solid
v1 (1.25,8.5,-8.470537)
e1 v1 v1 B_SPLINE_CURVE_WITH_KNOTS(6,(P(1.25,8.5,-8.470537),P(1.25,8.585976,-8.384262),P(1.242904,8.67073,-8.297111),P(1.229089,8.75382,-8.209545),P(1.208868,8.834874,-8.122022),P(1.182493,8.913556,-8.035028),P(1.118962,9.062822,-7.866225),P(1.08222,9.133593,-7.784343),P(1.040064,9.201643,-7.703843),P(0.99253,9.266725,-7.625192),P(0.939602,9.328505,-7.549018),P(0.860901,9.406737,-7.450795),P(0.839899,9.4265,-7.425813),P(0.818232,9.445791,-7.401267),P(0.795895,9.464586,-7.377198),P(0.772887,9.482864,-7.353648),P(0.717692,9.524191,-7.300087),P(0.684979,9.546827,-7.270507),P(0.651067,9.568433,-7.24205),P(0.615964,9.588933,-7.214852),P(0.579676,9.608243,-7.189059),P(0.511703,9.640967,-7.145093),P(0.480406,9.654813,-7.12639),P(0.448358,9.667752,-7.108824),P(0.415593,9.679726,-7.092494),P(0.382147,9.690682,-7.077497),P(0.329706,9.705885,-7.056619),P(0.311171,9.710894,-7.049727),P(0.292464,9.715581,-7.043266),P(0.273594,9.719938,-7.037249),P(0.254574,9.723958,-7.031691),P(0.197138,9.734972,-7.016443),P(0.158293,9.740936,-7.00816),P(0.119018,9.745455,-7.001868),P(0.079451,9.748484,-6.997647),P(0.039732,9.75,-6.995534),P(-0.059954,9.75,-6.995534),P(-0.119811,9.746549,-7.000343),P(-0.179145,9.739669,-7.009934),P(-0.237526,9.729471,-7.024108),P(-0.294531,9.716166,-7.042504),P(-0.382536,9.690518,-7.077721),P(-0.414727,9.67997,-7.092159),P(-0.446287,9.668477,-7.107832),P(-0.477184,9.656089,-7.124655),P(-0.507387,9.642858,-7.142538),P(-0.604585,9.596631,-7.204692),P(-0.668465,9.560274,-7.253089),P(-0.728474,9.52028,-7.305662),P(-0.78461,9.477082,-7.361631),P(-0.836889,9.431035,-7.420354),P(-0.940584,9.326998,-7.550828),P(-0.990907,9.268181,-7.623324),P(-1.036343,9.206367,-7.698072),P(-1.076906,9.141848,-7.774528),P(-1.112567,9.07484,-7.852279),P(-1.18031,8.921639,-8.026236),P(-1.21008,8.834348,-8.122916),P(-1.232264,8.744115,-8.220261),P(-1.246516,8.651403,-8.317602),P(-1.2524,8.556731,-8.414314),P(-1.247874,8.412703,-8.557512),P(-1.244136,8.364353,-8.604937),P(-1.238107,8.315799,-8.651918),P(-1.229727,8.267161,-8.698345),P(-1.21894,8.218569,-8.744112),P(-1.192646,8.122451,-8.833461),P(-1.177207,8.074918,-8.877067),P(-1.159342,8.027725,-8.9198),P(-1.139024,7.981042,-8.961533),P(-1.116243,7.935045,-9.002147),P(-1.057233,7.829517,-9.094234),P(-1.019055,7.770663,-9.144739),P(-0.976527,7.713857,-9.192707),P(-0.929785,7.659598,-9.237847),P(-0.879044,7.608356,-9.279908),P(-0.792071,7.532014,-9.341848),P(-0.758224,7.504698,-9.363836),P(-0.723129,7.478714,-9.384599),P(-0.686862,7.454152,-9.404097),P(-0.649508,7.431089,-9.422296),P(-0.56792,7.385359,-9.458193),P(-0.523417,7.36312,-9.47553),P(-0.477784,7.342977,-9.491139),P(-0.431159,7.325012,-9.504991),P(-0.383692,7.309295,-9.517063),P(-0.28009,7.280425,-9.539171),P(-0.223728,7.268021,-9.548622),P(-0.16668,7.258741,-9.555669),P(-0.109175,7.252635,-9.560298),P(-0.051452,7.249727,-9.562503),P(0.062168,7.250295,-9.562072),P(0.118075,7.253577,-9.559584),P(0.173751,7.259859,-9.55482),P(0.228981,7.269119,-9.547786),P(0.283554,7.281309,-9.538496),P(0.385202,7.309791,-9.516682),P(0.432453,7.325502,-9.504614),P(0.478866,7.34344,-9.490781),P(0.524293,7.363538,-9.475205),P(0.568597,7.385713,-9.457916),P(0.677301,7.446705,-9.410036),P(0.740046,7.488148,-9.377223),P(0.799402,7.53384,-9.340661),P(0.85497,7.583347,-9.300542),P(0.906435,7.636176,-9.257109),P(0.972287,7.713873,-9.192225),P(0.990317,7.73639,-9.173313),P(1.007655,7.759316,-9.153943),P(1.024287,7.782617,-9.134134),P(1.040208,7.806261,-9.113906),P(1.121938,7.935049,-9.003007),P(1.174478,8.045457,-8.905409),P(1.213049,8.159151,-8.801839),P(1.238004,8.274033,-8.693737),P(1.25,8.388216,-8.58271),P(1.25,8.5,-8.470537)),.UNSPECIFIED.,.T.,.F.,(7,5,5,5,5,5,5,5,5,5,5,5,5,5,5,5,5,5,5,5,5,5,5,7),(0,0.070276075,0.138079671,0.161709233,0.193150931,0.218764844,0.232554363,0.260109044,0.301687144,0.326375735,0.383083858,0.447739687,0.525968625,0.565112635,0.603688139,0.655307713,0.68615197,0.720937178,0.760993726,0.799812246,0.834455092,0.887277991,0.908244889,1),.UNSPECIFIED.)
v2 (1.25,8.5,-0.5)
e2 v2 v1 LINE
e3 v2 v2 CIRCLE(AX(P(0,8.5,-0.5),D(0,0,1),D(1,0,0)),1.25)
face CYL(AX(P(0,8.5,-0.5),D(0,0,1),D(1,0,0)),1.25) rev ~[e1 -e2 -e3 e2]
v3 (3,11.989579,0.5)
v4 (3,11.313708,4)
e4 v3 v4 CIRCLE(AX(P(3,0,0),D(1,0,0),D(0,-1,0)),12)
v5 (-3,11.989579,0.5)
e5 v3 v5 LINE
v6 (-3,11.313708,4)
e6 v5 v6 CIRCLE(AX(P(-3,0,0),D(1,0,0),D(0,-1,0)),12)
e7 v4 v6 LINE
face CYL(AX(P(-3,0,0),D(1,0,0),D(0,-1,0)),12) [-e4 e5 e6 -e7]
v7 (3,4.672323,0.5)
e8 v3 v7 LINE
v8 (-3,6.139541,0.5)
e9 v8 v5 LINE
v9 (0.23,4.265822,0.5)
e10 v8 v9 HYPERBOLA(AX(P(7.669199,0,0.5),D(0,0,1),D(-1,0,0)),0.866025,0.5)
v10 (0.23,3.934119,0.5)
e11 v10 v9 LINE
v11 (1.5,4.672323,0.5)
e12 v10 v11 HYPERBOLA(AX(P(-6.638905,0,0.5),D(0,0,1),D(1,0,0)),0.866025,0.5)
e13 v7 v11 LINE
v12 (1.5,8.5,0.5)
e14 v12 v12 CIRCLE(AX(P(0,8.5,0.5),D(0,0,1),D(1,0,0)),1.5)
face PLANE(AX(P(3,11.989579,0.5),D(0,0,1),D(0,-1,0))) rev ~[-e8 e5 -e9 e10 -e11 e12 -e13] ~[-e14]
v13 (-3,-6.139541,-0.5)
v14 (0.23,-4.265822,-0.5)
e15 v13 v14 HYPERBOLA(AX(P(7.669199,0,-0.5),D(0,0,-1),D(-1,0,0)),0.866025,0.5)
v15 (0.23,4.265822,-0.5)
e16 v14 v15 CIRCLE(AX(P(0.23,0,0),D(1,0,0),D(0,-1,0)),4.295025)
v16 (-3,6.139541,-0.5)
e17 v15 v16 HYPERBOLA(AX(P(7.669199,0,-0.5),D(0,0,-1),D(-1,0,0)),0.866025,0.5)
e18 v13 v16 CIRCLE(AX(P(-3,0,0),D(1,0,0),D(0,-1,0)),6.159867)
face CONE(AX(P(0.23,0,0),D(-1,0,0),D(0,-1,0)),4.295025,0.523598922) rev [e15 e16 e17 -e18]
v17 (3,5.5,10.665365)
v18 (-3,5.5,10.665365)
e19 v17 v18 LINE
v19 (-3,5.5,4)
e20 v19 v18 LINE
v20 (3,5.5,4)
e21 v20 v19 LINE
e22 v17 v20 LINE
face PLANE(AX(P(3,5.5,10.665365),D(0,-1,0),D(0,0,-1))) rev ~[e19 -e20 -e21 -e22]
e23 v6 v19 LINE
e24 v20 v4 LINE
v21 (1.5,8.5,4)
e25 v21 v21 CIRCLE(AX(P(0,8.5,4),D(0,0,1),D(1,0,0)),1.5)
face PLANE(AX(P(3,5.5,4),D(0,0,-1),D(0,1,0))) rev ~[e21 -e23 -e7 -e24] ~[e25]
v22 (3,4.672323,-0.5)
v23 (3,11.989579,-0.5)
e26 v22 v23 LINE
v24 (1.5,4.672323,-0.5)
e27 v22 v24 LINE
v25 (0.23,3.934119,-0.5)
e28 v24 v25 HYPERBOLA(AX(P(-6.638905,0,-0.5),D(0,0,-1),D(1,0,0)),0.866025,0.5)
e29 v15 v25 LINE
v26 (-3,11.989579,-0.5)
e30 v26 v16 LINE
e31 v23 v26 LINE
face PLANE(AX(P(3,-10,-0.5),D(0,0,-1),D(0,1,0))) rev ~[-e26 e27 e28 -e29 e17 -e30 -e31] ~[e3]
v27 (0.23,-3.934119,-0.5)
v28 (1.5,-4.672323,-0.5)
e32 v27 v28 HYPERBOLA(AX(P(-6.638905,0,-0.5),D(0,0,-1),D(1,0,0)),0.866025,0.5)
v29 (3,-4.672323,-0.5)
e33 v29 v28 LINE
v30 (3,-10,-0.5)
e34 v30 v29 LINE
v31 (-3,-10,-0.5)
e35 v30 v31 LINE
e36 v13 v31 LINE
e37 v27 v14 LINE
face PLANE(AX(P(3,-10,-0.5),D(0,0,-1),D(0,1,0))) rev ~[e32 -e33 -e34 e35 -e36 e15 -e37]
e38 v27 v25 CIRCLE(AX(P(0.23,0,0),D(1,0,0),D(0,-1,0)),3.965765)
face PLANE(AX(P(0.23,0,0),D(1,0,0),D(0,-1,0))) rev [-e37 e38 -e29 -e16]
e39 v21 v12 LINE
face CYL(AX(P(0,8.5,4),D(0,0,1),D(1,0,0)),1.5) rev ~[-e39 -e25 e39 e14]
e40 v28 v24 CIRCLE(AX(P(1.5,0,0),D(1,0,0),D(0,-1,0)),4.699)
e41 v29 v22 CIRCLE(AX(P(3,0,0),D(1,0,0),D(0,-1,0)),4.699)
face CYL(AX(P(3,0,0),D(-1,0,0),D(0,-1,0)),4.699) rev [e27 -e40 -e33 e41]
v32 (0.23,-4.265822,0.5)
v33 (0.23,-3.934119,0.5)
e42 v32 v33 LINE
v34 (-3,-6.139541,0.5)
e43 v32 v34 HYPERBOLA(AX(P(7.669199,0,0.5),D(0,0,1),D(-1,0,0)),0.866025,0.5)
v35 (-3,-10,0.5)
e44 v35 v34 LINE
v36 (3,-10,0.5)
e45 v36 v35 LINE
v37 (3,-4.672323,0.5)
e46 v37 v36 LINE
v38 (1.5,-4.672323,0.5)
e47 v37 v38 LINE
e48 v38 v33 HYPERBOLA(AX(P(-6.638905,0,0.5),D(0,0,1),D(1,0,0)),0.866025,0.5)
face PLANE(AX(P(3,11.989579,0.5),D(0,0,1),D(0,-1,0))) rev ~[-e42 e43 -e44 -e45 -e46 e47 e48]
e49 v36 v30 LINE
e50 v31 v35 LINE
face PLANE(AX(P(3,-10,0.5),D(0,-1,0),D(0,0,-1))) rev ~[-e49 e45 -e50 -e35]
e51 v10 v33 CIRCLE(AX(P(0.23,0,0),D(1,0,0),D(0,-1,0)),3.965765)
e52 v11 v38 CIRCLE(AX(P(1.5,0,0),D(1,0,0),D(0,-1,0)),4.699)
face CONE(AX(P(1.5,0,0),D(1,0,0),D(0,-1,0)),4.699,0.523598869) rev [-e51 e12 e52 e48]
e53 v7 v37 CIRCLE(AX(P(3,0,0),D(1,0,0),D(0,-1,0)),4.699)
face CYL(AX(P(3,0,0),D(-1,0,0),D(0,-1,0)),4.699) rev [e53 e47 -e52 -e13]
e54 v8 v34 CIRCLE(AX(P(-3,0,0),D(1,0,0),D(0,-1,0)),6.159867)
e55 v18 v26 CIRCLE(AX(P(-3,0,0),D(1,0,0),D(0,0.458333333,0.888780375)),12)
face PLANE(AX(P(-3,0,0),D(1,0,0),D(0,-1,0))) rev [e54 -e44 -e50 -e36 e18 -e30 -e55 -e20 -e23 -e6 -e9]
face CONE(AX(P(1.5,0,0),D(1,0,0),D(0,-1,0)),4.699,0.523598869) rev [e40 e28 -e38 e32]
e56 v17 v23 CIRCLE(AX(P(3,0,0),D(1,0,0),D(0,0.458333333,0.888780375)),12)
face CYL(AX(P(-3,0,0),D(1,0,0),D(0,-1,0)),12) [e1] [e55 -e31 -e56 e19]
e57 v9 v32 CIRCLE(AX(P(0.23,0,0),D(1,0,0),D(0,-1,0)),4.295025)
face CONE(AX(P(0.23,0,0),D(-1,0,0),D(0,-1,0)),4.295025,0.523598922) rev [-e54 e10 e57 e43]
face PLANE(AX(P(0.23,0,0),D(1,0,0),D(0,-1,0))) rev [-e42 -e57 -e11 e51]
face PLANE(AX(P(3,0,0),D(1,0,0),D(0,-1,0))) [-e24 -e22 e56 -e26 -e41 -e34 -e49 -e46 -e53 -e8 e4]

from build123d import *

# Parameters (mm, degrees)
F3_DEPTH = 6.001
F4_R     = 1.5
F5_DEPTH = 3.5
F6_R     = 1.25
F7_DEPTH = 11.501


with BuildPart() as f1:
    # F0 (on Top) → F1 (revolve)
    with BuildSketch(Plane.XY):
        Polygon((3, -12), (3, -4.699), (1.5, -4.699), (0.23, -3.965765), (0.23, -4.295025), (-3, -6.159867), (-3, -12), align=None)
    revolve(axis=Axis((1.9254176877, 0, 0), (1, 0, 0)))

    # F2 (on face) → F3 (cut, through all)
    with BuildSketch(Plane.YZ.offset(3)):
        with BuildLine():
            ThreePointArc((11.313708499, 4), (9.0433383971, 7.8878406827), (5.5, 10.6653645039))
            Line((5.5, 10.6653645039), (5.5, 4))
            Line((5.5, 4), (11.313708499, 4))
        make_face()
        with BuildLine():
            Line((4.6723228698, -0.5), (11.9895788083, -0.5))
            ThreePointArc((11.9895788083, -0.5), (11.9973944192, -0.2500542947), (12, 0))
            ThreePointArc((12, 0), (11.9973944192, 0.2500542947), (11.9895788083, 0.5))
            Line((11.9895788083, 0.5), (4.6723228698, 0.5))
            ThreePointArc((4.6723228698, 0.5), (4.6923259779, 0.2503555818), (4.699, 0))
            ThreePointArc((4.699, 0), (4.6923259779, -0.2503555818), (4.6723228698, -0.5))
        make_face()
        with BuildLine():
            Line((-10, -0.5), (-4.6723228698, -0.5))
            ThreePointArc((-4.6723228698, -0.5), (-4.699, 0), (-4.6723228698, 0.5))
            Line((-4.6723228698, 0.5), (-10, 0.5))
            Line((-10, 0.5), (-10, -0.5))
        make_face()
        with BuildLine():
            Line((-4.6723228698, -0.5), (4.6723228698, -0.5))
            ThreePointArc((4.6723228698, -0.5), (4.6923259779, -0.2503555818), (4.699, 0))
            ThreePointArc((4.699, 0), (4.6923259779, 0.2503555818), (4.6723228698, 0.5))
            Line((4.6723228698, 0.5), (-4.6723228698, 0.5))
            ThreePointArc((-4.6723228698, 0.5), (-4.699, 0), (-4.6723228698, -0.5))
        make_face()
    extrude(amount=-F3_DEPTH, mode=Mode.SUBTRACT)

    # F4 (on face) → F5 (cut, through all)
    with BuildSketch(Plane.XY.offset(4)):
        with Locations((0, 8.5)):
            Circle(F4_R)
    extrude(amount=-F5_DEPTH, mode=Mode.SUBTRACT)

    # F6 (on face) → F7 (cut, through all)
    with BuildSketch(Plane.XY.offset(-0.5)):
        with Locations((0, 8.5)):
            Circle(F6_R)
    extrude(amount=-F7_DEPTH, mode=Mode.SUBTRACT)


solid = f1.part
